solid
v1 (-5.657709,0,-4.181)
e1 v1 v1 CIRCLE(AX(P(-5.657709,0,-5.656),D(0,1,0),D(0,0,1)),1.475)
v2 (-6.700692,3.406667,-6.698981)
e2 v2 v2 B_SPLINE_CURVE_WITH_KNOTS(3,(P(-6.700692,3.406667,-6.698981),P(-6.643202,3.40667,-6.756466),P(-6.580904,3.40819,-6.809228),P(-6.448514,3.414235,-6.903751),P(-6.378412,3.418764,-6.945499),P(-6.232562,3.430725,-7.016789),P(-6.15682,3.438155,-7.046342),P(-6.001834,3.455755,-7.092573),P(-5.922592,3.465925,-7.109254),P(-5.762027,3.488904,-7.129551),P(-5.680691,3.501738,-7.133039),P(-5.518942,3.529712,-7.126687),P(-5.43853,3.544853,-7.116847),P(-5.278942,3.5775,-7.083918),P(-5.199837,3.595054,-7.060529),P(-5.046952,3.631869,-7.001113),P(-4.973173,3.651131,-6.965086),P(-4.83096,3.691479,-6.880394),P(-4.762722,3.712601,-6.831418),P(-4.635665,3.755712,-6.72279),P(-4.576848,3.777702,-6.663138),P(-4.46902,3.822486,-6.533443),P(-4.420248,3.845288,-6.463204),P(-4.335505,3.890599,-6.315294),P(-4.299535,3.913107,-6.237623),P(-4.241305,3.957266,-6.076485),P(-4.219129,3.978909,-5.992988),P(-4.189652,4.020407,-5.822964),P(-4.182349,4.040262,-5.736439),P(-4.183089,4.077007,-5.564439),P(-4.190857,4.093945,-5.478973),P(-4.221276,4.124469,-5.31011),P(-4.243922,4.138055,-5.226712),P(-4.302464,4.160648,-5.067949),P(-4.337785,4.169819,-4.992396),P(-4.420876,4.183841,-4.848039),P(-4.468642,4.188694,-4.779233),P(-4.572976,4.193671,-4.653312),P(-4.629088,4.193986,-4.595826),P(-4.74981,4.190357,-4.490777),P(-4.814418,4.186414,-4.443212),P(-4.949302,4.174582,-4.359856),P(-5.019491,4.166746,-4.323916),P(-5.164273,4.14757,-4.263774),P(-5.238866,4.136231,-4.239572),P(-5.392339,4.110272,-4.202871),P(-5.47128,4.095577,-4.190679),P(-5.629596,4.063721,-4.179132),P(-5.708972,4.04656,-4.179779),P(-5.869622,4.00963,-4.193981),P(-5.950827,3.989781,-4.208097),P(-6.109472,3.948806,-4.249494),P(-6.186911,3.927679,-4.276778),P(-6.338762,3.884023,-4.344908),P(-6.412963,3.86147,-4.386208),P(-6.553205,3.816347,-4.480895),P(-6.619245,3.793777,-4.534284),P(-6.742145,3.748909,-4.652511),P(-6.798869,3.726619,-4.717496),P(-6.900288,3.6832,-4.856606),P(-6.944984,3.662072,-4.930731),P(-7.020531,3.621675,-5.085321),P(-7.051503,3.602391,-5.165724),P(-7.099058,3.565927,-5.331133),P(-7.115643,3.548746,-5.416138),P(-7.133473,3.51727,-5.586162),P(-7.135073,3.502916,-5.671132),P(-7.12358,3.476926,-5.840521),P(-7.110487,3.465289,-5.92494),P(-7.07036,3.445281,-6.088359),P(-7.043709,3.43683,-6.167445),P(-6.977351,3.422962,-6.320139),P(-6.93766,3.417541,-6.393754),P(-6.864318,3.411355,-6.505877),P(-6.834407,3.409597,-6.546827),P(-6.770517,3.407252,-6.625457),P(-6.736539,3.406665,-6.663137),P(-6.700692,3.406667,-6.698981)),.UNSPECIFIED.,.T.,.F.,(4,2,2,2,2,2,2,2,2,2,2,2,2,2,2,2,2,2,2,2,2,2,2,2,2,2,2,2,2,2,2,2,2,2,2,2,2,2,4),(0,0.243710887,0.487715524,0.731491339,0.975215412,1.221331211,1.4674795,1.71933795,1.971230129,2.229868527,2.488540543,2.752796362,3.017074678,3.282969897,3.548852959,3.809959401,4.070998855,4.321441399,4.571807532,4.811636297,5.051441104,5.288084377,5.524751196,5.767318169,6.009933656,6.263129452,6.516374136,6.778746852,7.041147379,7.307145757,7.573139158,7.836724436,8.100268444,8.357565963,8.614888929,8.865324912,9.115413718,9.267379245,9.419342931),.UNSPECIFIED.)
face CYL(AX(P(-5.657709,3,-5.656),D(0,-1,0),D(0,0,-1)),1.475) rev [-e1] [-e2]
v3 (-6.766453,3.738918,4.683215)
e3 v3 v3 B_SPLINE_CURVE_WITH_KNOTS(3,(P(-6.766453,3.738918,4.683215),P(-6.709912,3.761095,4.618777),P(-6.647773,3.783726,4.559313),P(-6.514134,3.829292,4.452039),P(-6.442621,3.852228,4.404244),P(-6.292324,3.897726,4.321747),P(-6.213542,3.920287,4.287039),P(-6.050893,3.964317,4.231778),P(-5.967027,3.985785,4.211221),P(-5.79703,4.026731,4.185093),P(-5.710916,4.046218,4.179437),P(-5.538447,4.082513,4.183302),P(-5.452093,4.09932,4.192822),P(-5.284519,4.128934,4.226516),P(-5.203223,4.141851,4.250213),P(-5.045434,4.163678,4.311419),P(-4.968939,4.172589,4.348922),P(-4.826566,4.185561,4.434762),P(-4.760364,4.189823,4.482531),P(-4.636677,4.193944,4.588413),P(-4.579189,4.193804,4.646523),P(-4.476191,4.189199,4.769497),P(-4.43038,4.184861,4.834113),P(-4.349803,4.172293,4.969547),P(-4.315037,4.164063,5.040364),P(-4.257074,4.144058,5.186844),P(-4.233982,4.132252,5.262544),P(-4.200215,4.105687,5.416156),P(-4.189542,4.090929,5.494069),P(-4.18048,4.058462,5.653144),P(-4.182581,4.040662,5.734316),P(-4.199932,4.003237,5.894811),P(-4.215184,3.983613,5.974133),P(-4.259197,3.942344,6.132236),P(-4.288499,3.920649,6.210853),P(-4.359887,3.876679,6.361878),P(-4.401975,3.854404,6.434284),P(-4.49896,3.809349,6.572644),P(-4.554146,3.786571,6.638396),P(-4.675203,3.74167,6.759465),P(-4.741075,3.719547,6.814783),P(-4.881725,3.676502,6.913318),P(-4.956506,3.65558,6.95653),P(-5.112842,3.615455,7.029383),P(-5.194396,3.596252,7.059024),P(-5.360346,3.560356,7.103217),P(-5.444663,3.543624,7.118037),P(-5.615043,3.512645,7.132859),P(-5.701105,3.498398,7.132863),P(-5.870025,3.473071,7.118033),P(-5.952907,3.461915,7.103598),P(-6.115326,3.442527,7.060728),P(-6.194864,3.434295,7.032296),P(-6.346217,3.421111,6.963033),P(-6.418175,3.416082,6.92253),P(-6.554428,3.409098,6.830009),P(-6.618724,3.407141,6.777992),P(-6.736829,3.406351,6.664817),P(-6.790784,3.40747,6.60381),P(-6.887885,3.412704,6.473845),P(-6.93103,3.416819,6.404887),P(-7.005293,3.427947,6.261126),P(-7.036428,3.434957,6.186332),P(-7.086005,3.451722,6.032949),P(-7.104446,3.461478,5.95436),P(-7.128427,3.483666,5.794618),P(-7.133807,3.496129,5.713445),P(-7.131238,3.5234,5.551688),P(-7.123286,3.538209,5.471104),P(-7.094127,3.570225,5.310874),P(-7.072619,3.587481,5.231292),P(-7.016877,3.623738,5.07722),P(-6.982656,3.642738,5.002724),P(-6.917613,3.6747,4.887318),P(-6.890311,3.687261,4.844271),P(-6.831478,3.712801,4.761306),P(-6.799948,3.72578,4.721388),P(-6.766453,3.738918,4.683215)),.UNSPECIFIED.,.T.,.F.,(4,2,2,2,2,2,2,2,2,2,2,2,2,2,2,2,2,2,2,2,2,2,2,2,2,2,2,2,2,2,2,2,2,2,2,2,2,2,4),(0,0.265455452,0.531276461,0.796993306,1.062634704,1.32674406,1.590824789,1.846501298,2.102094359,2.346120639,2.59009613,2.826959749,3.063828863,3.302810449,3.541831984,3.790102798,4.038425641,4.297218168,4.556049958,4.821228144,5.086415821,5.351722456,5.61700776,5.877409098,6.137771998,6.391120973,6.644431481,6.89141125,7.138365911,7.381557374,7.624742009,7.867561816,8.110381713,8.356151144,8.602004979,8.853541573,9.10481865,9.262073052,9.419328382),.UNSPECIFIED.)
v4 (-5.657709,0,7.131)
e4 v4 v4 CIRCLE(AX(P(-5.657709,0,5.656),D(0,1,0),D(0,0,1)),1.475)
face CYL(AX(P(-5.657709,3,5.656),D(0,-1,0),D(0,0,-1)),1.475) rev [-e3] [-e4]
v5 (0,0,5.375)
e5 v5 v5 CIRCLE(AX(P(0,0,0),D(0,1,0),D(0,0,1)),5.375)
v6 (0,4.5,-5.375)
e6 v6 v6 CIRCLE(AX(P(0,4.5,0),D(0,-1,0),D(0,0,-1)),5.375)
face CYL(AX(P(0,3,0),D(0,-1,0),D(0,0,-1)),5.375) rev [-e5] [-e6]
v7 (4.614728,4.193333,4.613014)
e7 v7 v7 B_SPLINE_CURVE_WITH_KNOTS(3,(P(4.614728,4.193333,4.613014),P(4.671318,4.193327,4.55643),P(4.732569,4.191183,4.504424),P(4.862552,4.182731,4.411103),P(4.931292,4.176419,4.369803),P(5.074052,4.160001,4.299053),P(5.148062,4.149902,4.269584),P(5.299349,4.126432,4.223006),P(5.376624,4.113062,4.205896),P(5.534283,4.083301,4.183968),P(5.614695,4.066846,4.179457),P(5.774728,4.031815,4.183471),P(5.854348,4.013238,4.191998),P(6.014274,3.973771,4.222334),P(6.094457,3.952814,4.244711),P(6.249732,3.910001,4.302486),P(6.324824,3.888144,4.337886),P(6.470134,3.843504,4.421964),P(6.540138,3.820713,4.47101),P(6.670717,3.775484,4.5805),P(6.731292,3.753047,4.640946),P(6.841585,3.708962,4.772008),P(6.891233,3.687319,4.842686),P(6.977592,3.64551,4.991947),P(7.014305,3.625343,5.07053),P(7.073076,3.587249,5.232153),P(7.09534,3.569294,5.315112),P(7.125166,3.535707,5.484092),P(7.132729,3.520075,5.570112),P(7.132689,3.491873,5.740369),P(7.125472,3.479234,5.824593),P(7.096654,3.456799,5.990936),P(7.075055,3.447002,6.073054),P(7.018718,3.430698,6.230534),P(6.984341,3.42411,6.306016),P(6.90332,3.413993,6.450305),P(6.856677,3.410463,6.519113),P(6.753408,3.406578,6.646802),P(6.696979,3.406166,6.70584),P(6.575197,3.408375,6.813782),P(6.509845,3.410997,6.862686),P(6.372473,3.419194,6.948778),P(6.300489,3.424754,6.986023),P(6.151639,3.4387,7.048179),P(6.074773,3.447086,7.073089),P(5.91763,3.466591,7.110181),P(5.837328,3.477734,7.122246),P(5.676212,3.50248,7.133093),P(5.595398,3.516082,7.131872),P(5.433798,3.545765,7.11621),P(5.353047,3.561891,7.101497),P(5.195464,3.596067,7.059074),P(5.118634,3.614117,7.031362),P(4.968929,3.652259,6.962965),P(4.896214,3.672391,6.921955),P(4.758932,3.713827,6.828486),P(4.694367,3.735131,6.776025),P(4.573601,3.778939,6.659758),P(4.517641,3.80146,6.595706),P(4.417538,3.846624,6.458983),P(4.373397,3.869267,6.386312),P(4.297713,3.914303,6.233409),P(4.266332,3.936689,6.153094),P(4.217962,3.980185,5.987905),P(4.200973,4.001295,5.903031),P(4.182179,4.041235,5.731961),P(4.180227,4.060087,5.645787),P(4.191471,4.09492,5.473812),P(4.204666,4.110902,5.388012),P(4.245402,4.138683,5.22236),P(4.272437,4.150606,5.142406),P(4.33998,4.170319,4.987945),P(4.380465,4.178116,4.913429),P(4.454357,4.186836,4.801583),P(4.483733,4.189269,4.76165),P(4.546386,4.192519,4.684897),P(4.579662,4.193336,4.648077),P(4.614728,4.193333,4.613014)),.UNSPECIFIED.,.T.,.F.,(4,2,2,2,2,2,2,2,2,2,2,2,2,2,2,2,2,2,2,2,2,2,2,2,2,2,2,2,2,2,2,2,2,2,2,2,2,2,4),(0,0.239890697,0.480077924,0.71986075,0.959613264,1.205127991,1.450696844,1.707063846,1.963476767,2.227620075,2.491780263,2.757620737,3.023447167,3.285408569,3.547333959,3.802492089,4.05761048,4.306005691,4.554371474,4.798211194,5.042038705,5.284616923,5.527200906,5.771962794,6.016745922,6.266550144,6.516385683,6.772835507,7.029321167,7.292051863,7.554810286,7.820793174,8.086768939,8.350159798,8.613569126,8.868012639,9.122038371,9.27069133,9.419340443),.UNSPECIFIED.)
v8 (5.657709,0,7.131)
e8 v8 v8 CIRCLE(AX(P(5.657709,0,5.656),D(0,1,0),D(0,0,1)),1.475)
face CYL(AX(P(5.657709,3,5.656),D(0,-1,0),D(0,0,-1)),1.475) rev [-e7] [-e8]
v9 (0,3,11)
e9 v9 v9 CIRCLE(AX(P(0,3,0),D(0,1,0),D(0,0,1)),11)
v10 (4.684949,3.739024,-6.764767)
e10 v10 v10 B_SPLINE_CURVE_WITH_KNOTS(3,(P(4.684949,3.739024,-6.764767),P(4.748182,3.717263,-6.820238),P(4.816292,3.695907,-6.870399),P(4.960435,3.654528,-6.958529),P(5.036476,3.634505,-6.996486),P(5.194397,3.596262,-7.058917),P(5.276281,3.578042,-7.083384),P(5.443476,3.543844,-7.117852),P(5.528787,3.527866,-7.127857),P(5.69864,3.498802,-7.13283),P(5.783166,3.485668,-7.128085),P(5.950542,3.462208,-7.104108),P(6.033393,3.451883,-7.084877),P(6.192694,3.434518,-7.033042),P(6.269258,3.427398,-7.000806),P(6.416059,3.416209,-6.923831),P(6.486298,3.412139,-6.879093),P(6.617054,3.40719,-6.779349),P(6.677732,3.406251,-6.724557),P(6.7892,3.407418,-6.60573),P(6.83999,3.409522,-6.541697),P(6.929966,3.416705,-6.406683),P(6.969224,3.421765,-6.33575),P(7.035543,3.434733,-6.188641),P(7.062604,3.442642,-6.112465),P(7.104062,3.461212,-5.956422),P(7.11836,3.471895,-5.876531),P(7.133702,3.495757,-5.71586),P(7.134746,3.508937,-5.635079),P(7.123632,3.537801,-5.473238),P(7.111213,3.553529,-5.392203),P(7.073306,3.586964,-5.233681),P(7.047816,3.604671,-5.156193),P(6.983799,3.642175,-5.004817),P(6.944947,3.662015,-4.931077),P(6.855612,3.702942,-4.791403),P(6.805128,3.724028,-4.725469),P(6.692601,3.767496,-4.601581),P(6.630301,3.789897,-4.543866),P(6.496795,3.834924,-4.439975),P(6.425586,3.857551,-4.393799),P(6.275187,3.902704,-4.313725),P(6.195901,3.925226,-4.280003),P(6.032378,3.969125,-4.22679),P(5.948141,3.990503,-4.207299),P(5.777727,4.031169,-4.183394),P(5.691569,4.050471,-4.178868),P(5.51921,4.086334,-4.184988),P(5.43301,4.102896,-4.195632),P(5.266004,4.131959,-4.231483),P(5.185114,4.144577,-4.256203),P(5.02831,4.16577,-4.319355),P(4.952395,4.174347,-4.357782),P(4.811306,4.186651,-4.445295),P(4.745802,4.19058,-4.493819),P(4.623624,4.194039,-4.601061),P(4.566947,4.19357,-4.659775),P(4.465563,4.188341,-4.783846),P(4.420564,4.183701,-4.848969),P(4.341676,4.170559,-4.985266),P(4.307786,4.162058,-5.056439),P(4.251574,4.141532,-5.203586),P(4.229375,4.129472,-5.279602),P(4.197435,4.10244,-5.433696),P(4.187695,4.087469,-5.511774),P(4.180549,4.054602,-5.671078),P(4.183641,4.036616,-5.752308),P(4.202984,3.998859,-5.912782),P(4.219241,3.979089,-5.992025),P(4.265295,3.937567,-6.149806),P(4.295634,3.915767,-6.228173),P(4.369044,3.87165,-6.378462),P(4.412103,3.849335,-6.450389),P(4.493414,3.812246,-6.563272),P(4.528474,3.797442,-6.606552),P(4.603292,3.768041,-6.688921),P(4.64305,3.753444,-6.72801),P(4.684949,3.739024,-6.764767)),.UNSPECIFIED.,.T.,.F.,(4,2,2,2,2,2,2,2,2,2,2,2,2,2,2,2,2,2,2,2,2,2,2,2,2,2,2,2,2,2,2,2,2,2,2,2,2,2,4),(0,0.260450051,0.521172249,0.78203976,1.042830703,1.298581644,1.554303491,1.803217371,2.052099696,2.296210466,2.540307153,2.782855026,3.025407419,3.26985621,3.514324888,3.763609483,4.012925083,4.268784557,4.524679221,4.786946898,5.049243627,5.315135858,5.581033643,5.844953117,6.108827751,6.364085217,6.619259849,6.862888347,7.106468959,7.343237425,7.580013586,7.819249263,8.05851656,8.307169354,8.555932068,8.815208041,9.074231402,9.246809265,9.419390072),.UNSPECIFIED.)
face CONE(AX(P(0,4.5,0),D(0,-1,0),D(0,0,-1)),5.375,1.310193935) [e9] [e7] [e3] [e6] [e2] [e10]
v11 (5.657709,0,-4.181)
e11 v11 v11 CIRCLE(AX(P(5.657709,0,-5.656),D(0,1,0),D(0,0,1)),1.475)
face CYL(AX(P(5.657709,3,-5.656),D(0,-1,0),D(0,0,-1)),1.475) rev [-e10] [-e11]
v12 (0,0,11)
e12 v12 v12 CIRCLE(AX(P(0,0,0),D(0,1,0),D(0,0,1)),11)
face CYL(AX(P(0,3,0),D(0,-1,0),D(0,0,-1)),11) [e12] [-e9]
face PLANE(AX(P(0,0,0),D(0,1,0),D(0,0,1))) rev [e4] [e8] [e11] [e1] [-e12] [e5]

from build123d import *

# Parameters (mm, degrees)
SKETCH1_R           = 11
SKETCH1_R_2         = 5.375
SKETCH1_R_3         = 1.475
BOSS_EXTRUDE1_DEPTH = 3
SKETCH6_R           = 1.475
CUT_EXTRUDE1_DEPTH  = 11


with BuildPart() as part:
    # Sketch1 → Boss-Extrude1 (new body)
    with BuildSketch(Plane(origin=(0, 0, 0), x_dir=(1, 0, 0), z_dir=(0, 1, 0))):
        with Locations(Location((0, 0, 0), (0, 0, 270))):
            Circle(SKETCH1_R)
        with Locations(Location((0, 0, 0), (0, 0, 270))):
            Circle(SKETCH1_R_2, mode=Mode.SUBTRACT)
        with Locations(Location((-5.657708628, -5.655999742, 0), (0, 0, 270))):
            Circle(SKETCH1_R_3, mode=Mode.SUBTRACT)
        with Locations(Location((-5.657708628, 5.655999742, 0), (0, 0, 270))):
            Circle(SKETCH1_R_3, mode=Mode.SUBTRACT)
        with Locations(Location((5.657708628, 5.655999742, 0), (0, 0, 270))):
            Circle(SKETCH1_R_3, mode=Mode.SUBTRACT)
        with Locations(Location((5.657708628, -5.655999742, 0), (0, 0, 270))):
            Circle(SKETCH1_R_3, mode=Mode.SUBTRACT)
    extrude(amount=BOSS_EXTRUDE1_DEPTH)

    # Sketch5 → Revolve1 (revolve)
    with BuildSketch(Plane(origin=(0, 0, 0), x_dir=(0, 0, -1), z_dir=(1, 0, 0))):
        Polygon((5.375, 4.5), (5.375, 3), (11, 3), align=None)
    revolve(axis=Axis((0, 0, 0), (0, 1, 0)))

    # Sketch6 → Cut-Extrude1 (cut)
    with BuildSketch(Plane.XZ):
        with Locations(Location((-5.657708628, 5.655999742, 0), (0, 0, 221.262911431))):
            Circle(SKETCH6_R)
        with Locations(Location((-5.657708628, -5.655999742, 0), (0, 0, 224.999958606))):
            Circle(SKETCH6_R)
        with Locations(Location((5.657708628, 5.655999742, 0), (0, 0, 225.00013267))):
            Circle(SKETCH6_R)
        with Locations(Location((5.657708628, -5.655999742, 0), (0, 0, 228.738417152))):
            Circle(SKETCH6_R)
    extrude(amount=-CUT_EXTRUDE1_DEPTH, mode=Mode.SUBTRACT)


solid = part.part
